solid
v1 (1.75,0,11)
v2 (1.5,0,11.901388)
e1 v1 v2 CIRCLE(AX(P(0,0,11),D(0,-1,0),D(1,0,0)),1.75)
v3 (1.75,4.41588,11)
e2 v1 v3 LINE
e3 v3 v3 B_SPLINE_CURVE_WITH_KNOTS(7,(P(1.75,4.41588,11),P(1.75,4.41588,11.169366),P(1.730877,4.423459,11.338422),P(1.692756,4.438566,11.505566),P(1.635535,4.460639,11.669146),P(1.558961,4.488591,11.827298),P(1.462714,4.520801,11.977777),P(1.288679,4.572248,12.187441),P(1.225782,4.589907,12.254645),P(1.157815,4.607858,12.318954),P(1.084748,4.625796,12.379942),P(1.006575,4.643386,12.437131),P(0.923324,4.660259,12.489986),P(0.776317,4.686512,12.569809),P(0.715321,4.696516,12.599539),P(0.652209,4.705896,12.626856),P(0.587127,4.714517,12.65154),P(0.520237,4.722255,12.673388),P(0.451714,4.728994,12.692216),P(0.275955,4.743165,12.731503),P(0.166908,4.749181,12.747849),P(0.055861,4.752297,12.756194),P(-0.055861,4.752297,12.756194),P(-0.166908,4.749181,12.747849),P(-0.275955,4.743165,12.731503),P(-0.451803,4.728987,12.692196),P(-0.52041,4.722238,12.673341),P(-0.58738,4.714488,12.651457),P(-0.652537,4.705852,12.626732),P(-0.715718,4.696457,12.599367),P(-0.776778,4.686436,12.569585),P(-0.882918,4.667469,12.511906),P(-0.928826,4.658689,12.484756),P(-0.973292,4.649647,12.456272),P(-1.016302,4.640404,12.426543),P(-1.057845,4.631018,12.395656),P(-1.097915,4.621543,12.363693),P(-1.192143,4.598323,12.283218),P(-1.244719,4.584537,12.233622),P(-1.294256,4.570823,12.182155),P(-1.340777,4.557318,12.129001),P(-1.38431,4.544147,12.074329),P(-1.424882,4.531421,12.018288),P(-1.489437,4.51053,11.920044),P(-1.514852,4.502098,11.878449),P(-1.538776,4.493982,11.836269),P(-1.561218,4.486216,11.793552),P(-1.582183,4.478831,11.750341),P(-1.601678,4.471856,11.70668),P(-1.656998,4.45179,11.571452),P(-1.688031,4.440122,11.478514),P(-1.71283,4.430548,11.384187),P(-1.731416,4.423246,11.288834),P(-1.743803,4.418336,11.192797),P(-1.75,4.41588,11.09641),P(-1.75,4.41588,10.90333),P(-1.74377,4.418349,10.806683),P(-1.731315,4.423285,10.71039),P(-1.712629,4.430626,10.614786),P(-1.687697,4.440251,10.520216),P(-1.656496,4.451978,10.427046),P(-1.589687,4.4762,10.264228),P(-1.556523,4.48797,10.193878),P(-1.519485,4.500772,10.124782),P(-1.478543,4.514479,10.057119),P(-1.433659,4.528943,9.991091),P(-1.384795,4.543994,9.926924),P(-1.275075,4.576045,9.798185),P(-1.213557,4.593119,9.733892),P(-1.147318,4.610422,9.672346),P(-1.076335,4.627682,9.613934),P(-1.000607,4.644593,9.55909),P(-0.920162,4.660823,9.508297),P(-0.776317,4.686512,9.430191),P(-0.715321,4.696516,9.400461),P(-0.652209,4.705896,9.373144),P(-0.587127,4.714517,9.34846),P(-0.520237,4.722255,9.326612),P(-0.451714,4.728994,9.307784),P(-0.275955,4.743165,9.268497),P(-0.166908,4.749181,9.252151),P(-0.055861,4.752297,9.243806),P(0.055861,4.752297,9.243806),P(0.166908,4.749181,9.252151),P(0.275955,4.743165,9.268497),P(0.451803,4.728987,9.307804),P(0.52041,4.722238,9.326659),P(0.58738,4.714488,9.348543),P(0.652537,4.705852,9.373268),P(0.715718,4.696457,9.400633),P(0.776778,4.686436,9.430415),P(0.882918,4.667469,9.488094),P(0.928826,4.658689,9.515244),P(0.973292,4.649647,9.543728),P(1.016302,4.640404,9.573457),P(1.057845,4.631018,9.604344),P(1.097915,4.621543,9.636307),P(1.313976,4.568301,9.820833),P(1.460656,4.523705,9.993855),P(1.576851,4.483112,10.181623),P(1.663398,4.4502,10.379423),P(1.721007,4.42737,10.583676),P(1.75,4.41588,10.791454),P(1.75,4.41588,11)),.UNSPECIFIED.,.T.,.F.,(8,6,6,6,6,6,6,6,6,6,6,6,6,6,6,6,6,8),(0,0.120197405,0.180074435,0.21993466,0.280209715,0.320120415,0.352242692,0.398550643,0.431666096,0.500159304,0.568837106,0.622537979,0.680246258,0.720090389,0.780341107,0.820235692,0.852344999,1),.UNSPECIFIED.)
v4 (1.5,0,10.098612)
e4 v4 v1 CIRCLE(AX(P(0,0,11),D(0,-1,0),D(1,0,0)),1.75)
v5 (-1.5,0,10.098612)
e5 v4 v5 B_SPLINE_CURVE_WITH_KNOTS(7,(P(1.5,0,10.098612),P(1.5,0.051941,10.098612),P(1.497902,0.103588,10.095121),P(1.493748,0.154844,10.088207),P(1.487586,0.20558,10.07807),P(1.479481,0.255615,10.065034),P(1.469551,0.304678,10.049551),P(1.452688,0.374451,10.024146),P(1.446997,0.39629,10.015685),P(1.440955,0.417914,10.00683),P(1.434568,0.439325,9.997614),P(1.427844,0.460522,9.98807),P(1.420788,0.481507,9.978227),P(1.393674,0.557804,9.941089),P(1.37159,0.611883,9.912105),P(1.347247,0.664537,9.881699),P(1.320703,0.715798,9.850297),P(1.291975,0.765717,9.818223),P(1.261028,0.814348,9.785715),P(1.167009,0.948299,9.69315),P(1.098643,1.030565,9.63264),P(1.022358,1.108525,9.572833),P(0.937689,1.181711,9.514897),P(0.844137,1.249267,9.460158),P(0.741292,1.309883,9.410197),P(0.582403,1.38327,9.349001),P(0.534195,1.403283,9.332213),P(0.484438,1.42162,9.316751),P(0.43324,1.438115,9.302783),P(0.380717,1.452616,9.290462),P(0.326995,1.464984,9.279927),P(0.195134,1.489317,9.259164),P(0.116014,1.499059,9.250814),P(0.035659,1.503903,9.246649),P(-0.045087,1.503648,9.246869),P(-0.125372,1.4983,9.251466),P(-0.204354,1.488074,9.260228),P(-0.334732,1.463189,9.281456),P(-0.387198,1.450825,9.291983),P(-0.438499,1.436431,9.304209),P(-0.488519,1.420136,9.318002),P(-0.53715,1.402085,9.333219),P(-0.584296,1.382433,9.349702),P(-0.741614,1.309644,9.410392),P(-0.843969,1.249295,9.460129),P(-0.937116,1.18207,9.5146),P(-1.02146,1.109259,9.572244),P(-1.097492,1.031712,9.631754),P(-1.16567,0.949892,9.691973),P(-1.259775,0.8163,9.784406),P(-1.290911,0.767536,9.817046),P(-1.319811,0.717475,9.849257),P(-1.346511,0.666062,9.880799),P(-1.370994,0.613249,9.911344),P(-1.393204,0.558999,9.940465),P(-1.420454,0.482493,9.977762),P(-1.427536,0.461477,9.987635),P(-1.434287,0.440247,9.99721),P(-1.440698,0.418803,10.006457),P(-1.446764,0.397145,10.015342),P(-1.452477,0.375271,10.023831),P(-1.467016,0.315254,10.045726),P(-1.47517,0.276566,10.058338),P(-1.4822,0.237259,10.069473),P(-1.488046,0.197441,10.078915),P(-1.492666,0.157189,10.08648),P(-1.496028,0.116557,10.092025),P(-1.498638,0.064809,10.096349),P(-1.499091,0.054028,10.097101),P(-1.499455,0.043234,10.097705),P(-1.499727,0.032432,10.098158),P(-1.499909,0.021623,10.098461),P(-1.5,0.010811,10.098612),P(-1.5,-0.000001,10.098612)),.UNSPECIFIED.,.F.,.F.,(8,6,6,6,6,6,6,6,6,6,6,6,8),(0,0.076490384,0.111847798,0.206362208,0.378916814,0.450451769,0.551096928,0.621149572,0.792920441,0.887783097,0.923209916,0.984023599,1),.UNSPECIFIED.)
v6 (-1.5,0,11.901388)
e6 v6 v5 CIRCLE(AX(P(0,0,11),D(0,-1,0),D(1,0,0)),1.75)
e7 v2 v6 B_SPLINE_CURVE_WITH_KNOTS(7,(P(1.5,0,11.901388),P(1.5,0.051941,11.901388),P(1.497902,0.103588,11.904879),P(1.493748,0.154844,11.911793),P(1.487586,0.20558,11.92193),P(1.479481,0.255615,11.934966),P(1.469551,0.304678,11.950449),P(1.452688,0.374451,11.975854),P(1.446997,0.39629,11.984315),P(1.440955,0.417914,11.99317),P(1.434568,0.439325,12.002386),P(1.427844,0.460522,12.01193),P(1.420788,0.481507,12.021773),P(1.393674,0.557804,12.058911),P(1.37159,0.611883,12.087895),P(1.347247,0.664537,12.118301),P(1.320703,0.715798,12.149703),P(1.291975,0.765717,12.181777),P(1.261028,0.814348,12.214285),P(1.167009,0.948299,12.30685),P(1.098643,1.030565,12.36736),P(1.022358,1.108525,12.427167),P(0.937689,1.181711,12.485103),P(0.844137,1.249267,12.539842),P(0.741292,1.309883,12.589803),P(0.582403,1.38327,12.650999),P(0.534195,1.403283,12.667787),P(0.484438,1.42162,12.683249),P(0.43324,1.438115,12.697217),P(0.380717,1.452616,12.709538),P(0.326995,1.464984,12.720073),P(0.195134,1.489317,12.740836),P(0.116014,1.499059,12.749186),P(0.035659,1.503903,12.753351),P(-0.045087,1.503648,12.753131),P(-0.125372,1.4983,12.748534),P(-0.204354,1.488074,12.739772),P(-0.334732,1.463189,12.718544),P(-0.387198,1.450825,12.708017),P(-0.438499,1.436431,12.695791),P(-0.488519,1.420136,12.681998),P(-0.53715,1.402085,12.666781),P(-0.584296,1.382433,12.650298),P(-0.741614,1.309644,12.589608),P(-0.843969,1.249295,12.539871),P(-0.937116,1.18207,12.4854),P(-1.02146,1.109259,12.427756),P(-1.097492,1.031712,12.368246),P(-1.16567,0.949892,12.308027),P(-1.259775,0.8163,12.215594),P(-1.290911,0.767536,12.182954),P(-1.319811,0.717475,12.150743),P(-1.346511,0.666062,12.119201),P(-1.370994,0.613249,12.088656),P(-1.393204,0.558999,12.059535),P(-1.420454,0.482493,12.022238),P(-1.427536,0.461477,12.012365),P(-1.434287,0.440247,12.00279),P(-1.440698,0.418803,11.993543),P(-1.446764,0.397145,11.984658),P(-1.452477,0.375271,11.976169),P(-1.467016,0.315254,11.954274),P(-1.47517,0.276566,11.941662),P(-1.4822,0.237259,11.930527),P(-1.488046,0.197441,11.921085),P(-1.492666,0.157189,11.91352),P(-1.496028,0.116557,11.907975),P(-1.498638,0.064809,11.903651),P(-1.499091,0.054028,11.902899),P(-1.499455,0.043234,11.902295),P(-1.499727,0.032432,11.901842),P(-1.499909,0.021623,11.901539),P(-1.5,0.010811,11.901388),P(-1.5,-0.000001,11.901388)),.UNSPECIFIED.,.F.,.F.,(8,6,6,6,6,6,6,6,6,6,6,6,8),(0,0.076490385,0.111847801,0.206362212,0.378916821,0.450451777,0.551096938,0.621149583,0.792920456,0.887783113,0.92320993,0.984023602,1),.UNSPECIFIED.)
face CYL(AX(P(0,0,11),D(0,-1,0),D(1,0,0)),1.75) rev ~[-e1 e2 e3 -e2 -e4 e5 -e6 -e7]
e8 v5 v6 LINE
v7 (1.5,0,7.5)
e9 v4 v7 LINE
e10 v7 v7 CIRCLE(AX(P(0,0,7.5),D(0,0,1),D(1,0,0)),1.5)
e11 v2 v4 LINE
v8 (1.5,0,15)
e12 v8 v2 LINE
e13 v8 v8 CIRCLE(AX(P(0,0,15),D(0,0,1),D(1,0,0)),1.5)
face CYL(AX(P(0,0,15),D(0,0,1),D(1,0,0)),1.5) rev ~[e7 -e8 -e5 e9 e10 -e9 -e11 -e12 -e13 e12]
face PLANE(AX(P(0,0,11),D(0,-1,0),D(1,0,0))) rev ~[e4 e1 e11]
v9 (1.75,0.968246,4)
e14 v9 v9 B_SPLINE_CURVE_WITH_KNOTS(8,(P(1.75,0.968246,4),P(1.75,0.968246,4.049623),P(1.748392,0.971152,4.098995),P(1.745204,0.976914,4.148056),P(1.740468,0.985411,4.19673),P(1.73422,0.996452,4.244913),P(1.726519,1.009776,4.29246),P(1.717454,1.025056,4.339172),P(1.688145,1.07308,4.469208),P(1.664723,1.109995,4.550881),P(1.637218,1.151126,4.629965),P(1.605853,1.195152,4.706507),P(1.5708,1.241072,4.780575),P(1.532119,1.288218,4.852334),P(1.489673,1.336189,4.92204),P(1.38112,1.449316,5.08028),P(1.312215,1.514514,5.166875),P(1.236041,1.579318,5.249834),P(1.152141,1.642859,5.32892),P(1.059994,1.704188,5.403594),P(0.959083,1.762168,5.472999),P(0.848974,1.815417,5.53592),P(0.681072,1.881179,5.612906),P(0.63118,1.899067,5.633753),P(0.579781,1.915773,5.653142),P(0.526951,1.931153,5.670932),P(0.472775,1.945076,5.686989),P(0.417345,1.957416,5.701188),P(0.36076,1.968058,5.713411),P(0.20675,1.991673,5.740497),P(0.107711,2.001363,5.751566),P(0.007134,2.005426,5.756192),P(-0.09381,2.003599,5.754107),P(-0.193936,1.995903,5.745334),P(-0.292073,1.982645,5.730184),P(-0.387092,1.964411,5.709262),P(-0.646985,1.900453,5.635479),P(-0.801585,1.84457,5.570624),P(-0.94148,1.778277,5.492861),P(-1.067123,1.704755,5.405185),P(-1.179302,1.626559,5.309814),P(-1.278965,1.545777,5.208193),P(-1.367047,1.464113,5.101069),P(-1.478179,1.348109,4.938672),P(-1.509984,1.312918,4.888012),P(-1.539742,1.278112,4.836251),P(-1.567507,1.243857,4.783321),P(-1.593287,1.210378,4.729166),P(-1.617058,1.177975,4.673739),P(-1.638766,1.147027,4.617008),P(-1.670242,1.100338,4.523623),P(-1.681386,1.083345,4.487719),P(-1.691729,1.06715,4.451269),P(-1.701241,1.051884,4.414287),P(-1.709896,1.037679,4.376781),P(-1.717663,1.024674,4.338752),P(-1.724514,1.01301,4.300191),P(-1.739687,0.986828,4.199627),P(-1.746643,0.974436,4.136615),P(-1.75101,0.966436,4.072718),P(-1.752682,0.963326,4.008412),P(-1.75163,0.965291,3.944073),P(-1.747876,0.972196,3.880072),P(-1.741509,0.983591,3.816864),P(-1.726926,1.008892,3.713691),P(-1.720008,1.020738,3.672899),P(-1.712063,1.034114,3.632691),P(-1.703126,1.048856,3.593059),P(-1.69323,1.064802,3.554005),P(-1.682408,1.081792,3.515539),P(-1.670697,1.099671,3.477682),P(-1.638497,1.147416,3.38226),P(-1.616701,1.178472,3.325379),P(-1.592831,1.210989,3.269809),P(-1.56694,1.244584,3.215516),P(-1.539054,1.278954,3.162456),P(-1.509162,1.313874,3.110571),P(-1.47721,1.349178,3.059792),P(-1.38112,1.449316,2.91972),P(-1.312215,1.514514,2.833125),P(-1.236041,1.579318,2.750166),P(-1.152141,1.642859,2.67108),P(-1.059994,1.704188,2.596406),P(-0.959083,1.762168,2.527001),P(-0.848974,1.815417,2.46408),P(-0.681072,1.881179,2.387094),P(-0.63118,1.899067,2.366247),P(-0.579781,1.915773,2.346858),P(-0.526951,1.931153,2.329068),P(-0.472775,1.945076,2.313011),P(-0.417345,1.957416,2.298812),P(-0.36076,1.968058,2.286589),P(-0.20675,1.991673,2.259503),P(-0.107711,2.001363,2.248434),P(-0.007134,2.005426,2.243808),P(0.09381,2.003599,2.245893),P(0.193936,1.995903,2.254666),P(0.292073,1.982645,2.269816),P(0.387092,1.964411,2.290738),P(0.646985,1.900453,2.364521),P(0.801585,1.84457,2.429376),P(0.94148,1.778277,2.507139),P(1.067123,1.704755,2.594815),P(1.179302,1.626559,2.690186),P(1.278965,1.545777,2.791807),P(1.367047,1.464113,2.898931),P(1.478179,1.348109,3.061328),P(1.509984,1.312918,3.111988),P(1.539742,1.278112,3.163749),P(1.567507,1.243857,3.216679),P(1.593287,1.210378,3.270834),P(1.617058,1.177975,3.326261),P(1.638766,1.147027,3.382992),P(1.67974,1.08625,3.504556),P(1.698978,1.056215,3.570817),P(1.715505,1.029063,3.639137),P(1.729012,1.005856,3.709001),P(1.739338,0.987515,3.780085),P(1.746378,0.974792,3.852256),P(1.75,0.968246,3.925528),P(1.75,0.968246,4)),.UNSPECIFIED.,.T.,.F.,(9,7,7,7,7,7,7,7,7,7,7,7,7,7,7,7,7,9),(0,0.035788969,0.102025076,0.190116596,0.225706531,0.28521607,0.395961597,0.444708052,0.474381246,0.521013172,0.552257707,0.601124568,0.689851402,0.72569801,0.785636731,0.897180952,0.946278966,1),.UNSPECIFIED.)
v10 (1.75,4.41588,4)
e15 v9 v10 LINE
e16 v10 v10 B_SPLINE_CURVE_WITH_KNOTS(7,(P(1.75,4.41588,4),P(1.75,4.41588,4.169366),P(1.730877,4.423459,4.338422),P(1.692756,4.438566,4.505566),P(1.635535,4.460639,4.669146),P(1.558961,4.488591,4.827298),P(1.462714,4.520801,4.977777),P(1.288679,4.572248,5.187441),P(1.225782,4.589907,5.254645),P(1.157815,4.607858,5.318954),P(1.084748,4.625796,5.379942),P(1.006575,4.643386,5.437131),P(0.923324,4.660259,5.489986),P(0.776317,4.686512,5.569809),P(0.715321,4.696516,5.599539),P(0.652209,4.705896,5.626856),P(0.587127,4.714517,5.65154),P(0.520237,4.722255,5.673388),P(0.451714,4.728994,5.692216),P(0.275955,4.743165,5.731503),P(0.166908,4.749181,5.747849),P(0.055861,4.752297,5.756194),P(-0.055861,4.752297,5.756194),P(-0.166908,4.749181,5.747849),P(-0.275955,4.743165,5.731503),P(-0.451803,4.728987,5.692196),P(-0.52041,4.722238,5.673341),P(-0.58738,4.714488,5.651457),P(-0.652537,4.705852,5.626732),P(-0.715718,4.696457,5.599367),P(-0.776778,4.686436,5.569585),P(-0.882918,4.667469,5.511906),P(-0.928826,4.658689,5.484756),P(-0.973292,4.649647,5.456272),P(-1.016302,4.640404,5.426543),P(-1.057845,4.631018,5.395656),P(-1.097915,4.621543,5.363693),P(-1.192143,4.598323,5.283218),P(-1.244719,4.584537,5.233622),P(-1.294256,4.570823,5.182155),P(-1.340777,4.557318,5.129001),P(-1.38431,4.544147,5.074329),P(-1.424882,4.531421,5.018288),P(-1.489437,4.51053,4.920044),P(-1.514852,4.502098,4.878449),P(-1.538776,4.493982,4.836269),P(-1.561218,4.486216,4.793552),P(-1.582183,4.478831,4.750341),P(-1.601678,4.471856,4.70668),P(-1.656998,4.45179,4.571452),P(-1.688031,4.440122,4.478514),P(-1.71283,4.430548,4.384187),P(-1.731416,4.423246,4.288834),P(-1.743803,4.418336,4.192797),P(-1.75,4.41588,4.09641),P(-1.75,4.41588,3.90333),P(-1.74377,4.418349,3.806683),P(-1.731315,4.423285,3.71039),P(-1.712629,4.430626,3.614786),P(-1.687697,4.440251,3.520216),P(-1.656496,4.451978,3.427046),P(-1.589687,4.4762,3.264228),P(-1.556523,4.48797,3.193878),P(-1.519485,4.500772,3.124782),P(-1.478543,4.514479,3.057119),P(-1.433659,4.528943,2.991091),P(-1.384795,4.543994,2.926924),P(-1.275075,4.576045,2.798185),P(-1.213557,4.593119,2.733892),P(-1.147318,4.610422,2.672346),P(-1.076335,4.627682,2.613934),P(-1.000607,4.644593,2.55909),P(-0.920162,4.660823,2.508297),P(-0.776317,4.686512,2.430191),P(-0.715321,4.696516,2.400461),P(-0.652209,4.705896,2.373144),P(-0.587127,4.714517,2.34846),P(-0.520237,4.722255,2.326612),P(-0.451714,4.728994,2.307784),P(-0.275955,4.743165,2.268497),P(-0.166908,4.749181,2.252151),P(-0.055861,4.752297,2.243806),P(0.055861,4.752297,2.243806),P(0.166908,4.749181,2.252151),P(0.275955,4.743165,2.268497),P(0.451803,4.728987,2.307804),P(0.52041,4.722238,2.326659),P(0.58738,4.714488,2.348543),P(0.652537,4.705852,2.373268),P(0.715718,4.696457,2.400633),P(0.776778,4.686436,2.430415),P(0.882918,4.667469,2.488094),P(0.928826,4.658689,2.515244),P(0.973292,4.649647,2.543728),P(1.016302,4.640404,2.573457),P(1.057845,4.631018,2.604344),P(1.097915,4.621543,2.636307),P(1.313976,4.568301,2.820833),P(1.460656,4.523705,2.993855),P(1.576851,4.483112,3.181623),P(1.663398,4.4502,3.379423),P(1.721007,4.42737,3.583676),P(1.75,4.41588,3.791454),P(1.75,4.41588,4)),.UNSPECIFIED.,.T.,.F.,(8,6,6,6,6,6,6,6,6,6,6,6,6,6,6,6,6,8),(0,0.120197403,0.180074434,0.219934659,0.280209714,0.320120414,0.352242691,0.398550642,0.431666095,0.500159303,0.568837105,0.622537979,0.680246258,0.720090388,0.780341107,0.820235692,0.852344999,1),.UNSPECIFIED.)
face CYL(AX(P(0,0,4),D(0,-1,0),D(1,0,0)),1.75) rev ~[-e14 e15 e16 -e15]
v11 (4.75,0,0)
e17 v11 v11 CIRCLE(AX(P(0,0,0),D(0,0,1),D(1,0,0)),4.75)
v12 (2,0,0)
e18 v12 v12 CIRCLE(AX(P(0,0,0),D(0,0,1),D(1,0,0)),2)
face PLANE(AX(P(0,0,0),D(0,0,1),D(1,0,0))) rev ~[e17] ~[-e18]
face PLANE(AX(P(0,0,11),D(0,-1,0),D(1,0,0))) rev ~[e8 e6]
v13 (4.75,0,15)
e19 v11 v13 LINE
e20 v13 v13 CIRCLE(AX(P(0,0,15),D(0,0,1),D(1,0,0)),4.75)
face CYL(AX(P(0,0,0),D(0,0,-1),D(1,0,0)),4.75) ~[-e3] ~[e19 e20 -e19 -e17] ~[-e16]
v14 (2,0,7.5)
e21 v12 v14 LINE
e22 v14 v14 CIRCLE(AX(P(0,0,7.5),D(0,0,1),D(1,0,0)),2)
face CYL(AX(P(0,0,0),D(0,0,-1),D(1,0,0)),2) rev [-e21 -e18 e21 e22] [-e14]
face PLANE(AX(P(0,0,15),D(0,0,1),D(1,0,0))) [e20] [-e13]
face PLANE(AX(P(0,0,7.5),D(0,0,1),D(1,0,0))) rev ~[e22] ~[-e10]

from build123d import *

# Parameters (mm, degrees)
F0_R     = 4.75
F1_DEPTH = 15
F2_R     = 1.5
F3_DEPTH = 7.5
F4_R     = 2
F5_DEPTH = 7.5
F8_D     = 3.5
F8_DEPTH = 5
F8_TIP   = 1.0515060833
F9_D     = 3.5
F9_DEPTH = 5
F9_TIP   = 1.0515060833


with BuildPart() as f1:
    # F0 (on Top) → F1 (new body)
    with BuildSketch(Plane.XY):
        Circle(F0_R)
    extrude(amount=F1_DEPTH)

    # F2 (on face) → F3 (cut)
    with BuildSketch(Plane.XY.offset(15)):
        Circle(F2_R)
    extrude(amount=-F3_DEPTH, mode=Mode.SUBTRACT)

    # F4 (on Top) → F5 (cut)
    with BuildSketch(Plane.XY):
        Circle(F4_R)
    extrude(amount=F5_DEPTH, mode=Mode.SUBTRACT)

    # F8 (one way)
    with BuildSketch(Plane.XZ):
        with Locations((0, 11)):
            Circle(F8_D / 2)
    extrude(amount=-F8_DEPTH, mode=Mode.SUBTRACT)
    with Locations(Plane.XZ):
        with Locations((0, 11)):
            with Locations((0, 0, -(F8_DEPTH + F8_TIP / 2))):  # 118° drill point
                Cone(0, F8_D / 2, F8_TIP, mode=Mode.SUBTRACT)

    # F9 (one way)
    with BuildSketch(Plane.XZ):
        with Locations((0, 4)):
            Circle(F9_D / 2)
    extrude(amount=-F9_DEPTH, mode=Mode.SUBTRACT)
    with Locations(Plane.XZ):
        with Locations((0, 4)):
            with Locations((0, 0, -(F9_DEPTH + F9_TIP / 2))):  # 118° drill point
                Cone(0, F9_D / 2, F9_TIP, mode=Mode.SUBTRACT)


solid = f1.part
